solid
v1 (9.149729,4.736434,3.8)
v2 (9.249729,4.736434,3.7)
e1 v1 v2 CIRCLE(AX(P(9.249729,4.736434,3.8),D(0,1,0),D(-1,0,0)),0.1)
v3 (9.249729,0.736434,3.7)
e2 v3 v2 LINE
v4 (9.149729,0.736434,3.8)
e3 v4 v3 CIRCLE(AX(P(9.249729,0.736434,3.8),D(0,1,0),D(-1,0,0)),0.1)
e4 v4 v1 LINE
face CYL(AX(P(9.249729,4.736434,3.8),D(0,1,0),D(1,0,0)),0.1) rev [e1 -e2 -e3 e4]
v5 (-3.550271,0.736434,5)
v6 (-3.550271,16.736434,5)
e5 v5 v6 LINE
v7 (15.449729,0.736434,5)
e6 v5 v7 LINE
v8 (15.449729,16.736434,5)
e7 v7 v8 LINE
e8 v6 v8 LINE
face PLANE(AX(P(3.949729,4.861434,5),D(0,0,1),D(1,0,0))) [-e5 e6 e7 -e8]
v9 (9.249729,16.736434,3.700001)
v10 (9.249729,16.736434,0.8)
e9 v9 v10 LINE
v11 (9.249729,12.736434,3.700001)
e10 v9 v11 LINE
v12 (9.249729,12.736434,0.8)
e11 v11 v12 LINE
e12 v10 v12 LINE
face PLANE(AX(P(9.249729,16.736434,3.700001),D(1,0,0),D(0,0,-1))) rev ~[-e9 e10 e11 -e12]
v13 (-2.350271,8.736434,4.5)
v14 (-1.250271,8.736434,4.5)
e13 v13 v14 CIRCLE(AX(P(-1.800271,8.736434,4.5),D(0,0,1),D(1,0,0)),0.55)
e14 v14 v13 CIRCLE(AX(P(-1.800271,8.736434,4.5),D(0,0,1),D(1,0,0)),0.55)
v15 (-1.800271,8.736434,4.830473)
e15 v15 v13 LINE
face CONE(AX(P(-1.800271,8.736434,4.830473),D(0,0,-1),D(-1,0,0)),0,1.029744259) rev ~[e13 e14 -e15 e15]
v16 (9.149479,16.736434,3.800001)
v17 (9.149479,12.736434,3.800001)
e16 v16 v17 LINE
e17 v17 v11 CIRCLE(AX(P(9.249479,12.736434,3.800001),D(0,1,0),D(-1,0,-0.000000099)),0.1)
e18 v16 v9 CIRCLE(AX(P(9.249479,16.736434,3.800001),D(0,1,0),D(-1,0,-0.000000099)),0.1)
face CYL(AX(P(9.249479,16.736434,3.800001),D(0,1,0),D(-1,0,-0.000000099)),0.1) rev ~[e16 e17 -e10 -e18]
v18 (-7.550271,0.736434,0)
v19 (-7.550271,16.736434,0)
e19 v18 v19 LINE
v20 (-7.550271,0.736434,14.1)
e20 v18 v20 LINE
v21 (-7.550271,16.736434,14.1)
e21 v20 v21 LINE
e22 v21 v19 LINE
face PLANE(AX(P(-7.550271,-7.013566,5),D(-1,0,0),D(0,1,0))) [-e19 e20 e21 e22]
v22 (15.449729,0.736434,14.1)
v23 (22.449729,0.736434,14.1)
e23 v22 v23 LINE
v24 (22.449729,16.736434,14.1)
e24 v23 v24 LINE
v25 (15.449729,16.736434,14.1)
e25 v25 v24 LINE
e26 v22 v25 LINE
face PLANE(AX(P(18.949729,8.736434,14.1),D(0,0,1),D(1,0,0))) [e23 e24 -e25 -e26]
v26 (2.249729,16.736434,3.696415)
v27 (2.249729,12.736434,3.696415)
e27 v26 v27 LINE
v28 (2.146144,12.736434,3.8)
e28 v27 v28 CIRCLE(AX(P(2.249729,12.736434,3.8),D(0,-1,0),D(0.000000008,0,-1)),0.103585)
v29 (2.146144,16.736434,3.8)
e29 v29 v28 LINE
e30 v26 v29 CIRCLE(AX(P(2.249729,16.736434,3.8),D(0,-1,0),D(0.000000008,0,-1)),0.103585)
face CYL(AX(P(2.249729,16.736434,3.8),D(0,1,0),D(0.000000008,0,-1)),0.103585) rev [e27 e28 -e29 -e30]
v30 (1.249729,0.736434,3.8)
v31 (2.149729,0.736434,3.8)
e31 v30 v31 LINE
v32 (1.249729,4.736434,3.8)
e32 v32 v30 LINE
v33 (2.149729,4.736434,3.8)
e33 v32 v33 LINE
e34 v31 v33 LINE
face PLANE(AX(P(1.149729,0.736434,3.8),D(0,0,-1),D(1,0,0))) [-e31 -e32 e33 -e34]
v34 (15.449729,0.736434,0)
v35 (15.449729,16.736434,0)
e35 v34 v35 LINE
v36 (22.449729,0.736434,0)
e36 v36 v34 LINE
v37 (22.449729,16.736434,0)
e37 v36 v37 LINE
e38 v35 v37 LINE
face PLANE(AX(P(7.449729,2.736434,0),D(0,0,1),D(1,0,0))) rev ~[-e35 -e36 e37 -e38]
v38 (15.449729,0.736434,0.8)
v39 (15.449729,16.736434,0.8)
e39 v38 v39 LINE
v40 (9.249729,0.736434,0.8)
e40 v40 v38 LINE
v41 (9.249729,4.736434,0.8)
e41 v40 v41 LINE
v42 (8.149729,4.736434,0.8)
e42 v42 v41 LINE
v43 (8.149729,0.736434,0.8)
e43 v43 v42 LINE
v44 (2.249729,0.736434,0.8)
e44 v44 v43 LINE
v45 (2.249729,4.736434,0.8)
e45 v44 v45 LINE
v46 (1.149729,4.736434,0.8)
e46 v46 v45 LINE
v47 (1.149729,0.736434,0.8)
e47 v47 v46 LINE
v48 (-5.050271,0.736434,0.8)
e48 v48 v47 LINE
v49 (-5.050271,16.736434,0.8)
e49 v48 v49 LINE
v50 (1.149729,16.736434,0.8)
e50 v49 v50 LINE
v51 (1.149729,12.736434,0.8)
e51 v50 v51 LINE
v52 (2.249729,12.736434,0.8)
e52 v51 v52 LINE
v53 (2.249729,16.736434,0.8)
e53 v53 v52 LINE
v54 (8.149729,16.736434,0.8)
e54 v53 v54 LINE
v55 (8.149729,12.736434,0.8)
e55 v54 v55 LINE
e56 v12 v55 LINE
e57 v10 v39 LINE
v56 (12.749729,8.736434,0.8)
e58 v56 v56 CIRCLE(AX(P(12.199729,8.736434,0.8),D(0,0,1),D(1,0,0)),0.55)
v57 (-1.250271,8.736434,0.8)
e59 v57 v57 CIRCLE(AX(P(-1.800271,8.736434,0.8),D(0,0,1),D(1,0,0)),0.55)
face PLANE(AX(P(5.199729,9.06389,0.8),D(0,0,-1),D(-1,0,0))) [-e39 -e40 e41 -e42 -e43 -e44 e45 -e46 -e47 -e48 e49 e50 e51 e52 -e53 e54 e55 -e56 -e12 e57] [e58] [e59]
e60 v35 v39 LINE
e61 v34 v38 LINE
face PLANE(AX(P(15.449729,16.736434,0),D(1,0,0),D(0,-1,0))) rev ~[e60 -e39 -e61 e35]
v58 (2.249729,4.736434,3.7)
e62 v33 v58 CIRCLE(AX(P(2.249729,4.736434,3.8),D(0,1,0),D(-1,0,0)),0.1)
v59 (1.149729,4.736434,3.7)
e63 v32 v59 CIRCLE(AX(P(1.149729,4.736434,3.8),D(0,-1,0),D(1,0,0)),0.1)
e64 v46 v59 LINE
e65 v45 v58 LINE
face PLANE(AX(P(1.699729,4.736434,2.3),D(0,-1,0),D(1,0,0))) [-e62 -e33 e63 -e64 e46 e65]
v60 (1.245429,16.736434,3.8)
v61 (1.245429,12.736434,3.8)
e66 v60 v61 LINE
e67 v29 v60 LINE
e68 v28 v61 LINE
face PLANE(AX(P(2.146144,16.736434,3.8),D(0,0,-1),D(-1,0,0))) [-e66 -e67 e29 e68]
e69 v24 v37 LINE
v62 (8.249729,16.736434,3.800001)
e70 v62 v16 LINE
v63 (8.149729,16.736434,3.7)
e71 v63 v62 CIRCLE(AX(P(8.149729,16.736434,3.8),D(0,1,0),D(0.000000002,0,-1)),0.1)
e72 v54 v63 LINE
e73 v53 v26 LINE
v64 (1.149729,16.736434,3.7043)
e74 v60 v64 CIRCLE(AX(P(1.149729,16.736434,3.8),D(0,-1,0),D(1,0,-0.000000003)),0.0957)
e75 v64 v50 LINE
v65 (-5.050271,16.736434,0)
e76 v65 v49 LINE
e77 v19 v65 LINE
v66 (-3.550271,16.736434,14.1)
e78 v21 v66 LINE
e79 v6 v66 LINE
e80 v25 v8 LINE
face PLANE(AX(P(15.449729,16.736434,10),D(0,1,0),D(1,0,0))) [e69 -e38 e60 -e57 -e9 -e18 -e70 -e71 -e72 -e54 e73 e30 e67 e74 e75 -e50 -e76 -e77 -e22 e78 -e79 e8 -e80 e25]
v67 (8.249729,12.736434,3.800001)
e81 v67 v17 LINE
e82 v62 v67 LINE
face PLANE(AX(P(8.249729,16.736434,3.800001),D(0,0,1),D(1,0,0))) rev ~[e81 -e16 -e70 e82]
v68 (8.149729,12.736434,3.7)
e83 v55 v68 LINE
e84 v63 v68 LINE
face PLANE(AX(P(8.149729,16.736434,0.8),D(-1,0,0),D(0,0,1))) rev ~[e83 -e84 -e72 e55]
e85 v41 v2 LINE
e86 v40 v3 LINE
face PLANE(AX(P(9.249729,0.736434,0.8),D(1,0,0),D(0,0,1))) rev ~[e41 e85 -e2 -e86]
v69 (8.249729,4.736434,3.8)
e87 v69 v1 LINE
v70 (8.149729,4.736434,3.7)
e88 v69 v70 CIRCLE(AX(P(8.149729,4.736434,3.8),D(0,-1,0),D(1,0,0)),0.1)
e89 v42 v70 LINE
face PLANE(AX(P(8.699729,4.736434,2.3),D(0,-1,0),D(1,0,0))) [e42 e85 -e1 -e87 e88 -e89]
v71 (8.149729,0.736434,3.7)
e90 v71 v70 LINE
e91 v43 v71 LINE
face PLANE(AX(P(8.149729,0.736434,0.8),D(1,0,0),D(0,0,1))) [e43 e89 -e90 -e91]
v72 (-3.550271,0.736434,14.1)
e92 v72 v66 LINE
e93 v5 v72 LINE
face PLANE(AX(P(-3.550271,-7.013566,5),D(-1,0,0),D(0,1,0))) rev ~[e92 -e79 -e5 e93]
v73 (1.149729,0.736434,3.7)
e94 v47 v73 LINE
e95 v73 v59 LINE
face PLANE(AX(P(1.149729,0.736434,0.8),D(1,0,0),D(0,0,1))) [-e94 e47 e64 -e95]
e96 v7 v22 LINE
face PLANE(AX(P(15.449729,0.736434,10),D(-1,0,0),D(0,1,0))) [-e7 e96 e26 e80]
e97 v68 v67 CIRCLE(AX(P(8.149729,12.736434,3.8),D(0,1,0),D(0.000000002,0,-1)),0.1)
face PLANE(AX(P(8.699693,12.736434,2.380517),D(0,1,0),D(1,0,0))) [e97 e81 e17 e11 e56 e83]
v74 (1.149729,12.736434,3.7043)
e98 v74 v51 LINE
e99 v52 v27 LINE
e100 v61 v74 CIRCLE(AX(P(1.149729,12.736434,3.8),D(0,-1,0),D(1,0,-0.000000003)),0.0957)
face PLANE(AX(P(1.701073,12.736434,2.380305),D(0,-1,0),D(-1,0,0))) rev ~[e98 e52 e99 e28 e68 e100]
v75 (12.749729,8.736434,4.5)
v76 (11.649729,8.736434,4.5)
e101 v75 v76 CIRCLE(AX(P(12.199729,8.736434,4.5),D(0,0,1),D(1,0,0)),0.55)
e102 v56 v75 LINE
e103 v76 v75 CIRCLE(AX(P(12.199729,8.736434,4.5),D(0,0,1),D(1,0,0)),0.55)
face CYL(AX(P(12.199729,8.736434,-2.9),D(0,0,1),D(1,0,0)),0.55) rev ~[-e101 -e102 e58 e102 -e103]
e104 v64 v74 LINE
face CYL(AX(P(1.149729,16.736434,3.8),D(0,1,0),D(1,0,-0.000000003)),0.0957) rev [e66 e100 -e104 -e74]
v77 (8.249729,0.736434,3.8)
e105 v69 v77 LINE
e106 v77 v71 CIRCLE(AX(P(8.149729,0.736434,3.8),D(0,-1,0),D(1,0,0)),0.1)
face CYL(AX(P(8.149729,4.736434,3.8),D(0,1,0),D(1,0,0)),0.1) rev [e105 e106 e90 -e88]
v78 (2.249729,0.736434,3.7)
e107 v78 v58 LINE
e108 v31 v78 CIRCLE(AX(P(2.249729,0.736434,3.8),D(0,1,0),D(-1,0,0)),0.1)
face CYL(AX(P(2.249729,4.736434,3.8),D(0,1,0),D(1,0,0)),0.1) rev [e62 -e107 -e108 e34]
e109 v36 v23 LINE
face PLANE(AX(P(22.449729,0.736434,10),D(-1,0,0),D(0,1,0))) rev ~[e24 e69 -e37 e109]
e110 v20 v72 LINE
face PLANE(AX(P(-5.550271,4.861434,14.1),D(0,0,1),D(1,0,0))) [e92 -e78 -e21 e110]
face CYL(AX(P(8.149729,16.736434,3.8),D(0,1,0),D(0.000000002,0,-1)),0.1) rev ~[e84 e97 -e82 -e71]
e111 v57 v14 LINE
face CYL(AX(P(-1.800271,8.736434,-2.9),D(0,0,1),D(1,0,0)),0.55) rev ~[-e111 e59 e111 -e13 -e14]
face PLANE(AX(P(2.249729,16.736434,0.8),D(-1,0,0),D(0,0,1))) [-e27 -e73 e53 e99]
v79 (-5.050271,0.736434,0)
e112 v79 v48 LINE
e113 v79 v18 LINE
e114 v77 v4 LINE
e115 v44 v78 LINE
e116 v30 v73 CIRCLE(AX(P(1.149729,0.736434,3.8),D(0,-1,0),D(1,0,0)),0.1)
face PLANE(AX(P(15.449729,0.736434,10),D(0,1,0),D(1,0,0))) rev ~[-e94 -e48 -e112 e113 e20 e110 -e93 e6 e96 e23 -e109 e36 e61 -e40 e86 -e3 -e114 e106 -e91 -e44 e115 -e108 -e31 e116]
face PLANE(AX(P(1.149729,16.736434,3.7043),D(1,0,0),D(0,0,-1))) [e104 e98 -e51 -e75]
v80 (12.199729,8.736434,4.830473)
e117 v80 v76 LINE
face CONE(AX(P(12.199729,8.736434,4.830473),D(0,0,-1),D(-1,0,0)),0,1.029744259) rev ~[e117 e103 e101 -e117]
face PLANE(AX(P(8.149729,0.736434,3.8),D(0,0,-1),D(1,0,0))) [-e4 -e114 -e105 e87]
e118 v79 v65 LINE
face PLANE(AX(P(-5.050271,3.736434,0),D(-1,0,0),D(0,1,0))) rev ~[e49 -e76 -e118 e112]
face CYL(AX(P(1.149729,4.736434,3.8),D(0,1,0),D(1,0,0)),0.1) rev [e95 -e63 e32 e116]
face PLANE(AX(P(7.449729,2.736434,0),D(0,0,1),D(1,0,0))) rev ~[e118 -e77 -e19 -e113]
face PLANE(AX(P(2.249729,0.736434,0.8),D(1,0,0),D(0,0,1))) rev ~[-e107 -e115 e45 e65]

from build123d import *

# Parameters (mm, degrees)
SKETCH_1_W           = 30
SKETCH_1_H           = 28
EXTRUDE_1_DEPTH      = 10
CUT_EXTRUDE_2_DEPTH  = 0.8
M1_4X0_3_2_D         = 1.1
M1_4X0_3_2_DEPTH     = 3.7
M1_4X0_3_2_TIP       = 0.33047334
CUT_EXTRUDE_3_DEPTH  = 4
CUT_EXTRUDE_4_DEPTH  = 0.5
SKETCH_12_W          = 30
SKETCH_12_H          = 4.25
CUT_EXTRUDE_5_DEPTH  = 10
SKETCH_14_W          = 23
SKETCH_14_H          = 23.75
CUT_EXTRUDE_7_DEPTH  = 5
SKETCH_23_W          = 4
SKETCH_23_H          = 23.75
EXTRUDE_4_DEPTH      = 9.1
SKETCH_24_W          = 30
SKETCH_24_H          = 7.75
CUT_EXTRUDE_8_DEPTH  = 20
SKETCH_25_W          = 7
SKETCH_25_H          = 16
EXTRUDE_5_DEPTH      = 4.1
SKETCH_26_W          = 3
SKETCH_26_H          = 0.8
CUT_EXTRUDE_9_DEPTH  = 4.1
SKETCH_28_W          = 1.1
SKETCH_28_H          = 3
CUT_EXTRUDE_11_DEPTH = 4
CUT_EXTRUDE_START    = -4
SKETCH_29_R          = 0.1
CUT_EXTRUDE_12_DEPTH = 4


with BuildPart() as part:
    # 草图1 → 凸台-拉伸1 (new body)
    with BuildSketch(Plane.XY):
        with Locations((7.449728974, 2.736434109)):
            Rectangle(SKETCH_1_W, SKETCH_1_H)
    extrude(amount=EXTRUDE_1_DEPTH)

    # 草图2 → 切除-拉伸2 (cut)
    with BuildSketch(Plane(origin=(0, 0, 0), x_dir=(-1, 0, 0), z_dir=(0, 0, -1))):
        with BuildLine():
            Line((5.050271026, 16.736434109), (-15.449728974, 16.736434109))
            Line((-15.449728974, 16.736434109), (-15.449728974, 3.736434109))
            ThreePointArc((-15.449728974, 3.736434109), (-14.571049317, 1.615113765), (-12.449728974, 0.736434109))
            Line((-12.449728974, 0.736434109), (2.050271026, 0.736434109))
            ThreePointArc((2.050271026, 0.736434109), (4.17159137, 1.615113765), (5.050271026, 3.736434109))
            Line((5.050271026, 3.736434109), (5.050271026, 16.736434109))
        make_face()
    extrude(amount=-CUT_EXTRUDE_2_DEPTH, mode=Mode.SUBTRACT)

    # M1.4x0.3 螺纹孔2
    with Locations(Plane(origin=(0, 0, 0.8), x_dir=(-1, 0, 0), z_dir=(0, 0, -1))):
        with Locations((-12.199728974, 8.736434109), (1.800271026, 8.736434109)):
            Hole(M1_4X0_3_2_D / 2, depth=M1_4X0_3_2_DEPTH)
            with Locations((0, 0, -(M1_4X0_3_2_DEPTH + M1_4X0_3_2_TIP / 2))):  # 118° drill point
                Cone(0, M1_4X0_3_2_D / 2, M1_4X0_3_2_TIP, mode=Mode.SUBTRACT)

    # 草图10 → 切除-拉伸3 (cut)
    with BuildSketch(Plane(origin=(0, 16.736434109, 0), x_dir=(1, 0, 0), z_dir=(0, 1, 0))):
        with BuildLine():
            Line((9.249728974, -0.8), (8.149728974, -0.8))
            Line((8.149728974, -0.8), (8.149728974, -3.7))
            ThreePointArc((8.149728974, -3.7), (8.07901805, -3.870710433), (8.249728974, -3.800000693))
            Line((8.249728974, -3.800000693), (9.14947862, -3.800000693))
            ThreePointArc((9.14947862, -3.800000693), (9.320100726, -3.870799843), (9.249728974, -3.700001016))
            Line((9.249728974, -3.700001016), (9.249728974, -0.8))
        make_face()
        with BuildLine():
            Line((1.149728974, -0.8), (2.249728974, -0.8))
            Line((2.249728974, -0.8), (2.249728974, -3.696415438))
            ThreePointArc((2.249728974, -3.696415438), (2.32297432, -3.873245346), (2.146144411, -3.8))
            Line((2.146144411, -3.8), (1.245429293, -3.8))
            ThreePointArc((1.245429293, -3.8), (1.082058629, -3.867670345), (1.149728974, -3.704299681))
            Line((1.149728974, -3.704299681), (1.149728974, -0.8))
        make_face()
    extrude(amount=-CUT_EXTRUDE_3_DEPTH, mode=Mode.SUBTRACT)

    # 草图11 → 切除-拉伸4 (cut)
    with BuildSketch(Plane(origin=(0, 0, 0), x_dir=(-1, 0, 0), z_dir=(0, 0, -1))):
        with BuildLine():
            Line((-7.549728974, -2.063565891), (-2.849728974, -2.063565891))
            ThreePointArc((-2.849728974, -2.063565891), (-2.422952278, -2.240342587), (-2.599728974, -1.813565891))
            Line((-2.599728974, -1.813565891), (-2.599728974, 0.736434109))
            Line((-2.599728974, 0.736434109), (-7.799728974, 0.736434109))
            Line((-7.799728974, 0.736434109), (-7.799728974, -1.813565891))
            ThreePointArc((-7.799728974, -1.813565891), (-7.976505669, -2.240342587), (-7.549728974, -2.063565891))
        make_face()
    extrude(amount=-CUT_EXTRUDE_4_DEPTH, mode=Mode.SUBTRACT)

    # 草图12 → 切除-拉伸5 (cut)
    with BuildSketch(Plane(origin=(0, 0, 0), x_dir=(-1, 0, 0), z_dir=(0, 0, -1))):
        with Locations((-7.449728974, -9.138565891)):
            Rectangle(SKETCH_12_W, SKETCH_12_H)
    extrude(amount=-CUT_EXTRUDE_5_DEPTH, mode=Mode.SUBTRACT)

    # 草图14 → 切除-拉伸7 (cut)
    with BuildSketch(Plane.XY.offset(10)):
        with Locations((3.949728974, 4.861434109)):
            Rectangle(SKETCH_14_W, SKETCH_14_H)
    extrude(amount=-CUT_EXTRUDE_7_DEPTH, mode=Mode.SUBTRACT)

    # 草图23 → 凸台-拉伸4 (add)
    with BuildSketch(Plane.XY.offset(5)):
        with Locations((-5.550271026, 4.861434109)):
            Rectangle(SKETCH_23_W, SKETCH_23_H)
    extrude(amount=EXTRUDE_4_DEPTH)

    # 草图24 → 切除-拉伸8 (cut)
    with BuildSketch(Plane(origin=(0, 0, 0), x_dir=(-1, 0, 0), z_dir=(0, 0, -1))):
        with Locations((-7.449728974, -3.138565891)):
            Rectangle(SKETCH_24_W, SKETCH_24_H)
    extrude(amount=-CUT_EXTRUDE_8_DEPTH, mode=Mode.SUBTRACT)

    # 草图25 → 凸台-拉伸5 (add)
    with BuildSketch(Plane.XY.offset(10)):
        with Locations((18.949728974, 8.736434109)):
            Rectangle(SKETCH_25_W, SKETCH_25_H)
    extrude(amount=EXTRUDE_5_DEPTH)

    # 草图26 → 切除-拉伸9 (cut)
    with BuildSketch(Plane.XZ.offset(-0.736434109)):
        with Locations((13.949728974, 0.4)):
            Rectangle(SKETCH_26_W, SKETCH_26_H)
        with Locations((-3.550271026, 0.4)):
            Rectangle(SKETCH_26_W, SKETCH_26_H)
    extrude(amount=-CUT_EXTRUDE_9_DEPTH, mode=Mode.SUBTRACT)

    # 草图28 → 切除-拉伸11 (cut)
    with BuildSketch(Plane.XZ.offset(-0.736434109)):
        with Locations((8.699728974, 2.3)):
            Rectangle(SKETCH_28_W, SKETCH_28_H)
        with Locations((1.699728974, 2.3)):
            Rectangle(SKETCH_28_W, SKETCH_28_H)
    extrude(amount=-CUT_EXTRUDE_11_DEPTH, mode=Mode.SUBTRACT)

    # 草图29 → 切除-拉伸12 (cut)
    with BuildSketch(Plane.XZ.offset(-0.736434109).offset(CUT_EXTRUDE_START)):
        with Locations((9.249728974, 3.8)):
            Circle(SKETCH_29_R)
        with Locations((8.149728974, 3.8)):
            Circle(SKETCH_29_R)
        with Locations((2.249728974, 3.8)):
            Circle(SKETCH_29_R)
        with Locations((1.149728974, 3.8)):
            Circle(SKETCH_29_R)
    extrude(amount=CUT_EXTRUDE_12_DEPTH, mode=Mode.SUBTRACT)


solid = part.part
